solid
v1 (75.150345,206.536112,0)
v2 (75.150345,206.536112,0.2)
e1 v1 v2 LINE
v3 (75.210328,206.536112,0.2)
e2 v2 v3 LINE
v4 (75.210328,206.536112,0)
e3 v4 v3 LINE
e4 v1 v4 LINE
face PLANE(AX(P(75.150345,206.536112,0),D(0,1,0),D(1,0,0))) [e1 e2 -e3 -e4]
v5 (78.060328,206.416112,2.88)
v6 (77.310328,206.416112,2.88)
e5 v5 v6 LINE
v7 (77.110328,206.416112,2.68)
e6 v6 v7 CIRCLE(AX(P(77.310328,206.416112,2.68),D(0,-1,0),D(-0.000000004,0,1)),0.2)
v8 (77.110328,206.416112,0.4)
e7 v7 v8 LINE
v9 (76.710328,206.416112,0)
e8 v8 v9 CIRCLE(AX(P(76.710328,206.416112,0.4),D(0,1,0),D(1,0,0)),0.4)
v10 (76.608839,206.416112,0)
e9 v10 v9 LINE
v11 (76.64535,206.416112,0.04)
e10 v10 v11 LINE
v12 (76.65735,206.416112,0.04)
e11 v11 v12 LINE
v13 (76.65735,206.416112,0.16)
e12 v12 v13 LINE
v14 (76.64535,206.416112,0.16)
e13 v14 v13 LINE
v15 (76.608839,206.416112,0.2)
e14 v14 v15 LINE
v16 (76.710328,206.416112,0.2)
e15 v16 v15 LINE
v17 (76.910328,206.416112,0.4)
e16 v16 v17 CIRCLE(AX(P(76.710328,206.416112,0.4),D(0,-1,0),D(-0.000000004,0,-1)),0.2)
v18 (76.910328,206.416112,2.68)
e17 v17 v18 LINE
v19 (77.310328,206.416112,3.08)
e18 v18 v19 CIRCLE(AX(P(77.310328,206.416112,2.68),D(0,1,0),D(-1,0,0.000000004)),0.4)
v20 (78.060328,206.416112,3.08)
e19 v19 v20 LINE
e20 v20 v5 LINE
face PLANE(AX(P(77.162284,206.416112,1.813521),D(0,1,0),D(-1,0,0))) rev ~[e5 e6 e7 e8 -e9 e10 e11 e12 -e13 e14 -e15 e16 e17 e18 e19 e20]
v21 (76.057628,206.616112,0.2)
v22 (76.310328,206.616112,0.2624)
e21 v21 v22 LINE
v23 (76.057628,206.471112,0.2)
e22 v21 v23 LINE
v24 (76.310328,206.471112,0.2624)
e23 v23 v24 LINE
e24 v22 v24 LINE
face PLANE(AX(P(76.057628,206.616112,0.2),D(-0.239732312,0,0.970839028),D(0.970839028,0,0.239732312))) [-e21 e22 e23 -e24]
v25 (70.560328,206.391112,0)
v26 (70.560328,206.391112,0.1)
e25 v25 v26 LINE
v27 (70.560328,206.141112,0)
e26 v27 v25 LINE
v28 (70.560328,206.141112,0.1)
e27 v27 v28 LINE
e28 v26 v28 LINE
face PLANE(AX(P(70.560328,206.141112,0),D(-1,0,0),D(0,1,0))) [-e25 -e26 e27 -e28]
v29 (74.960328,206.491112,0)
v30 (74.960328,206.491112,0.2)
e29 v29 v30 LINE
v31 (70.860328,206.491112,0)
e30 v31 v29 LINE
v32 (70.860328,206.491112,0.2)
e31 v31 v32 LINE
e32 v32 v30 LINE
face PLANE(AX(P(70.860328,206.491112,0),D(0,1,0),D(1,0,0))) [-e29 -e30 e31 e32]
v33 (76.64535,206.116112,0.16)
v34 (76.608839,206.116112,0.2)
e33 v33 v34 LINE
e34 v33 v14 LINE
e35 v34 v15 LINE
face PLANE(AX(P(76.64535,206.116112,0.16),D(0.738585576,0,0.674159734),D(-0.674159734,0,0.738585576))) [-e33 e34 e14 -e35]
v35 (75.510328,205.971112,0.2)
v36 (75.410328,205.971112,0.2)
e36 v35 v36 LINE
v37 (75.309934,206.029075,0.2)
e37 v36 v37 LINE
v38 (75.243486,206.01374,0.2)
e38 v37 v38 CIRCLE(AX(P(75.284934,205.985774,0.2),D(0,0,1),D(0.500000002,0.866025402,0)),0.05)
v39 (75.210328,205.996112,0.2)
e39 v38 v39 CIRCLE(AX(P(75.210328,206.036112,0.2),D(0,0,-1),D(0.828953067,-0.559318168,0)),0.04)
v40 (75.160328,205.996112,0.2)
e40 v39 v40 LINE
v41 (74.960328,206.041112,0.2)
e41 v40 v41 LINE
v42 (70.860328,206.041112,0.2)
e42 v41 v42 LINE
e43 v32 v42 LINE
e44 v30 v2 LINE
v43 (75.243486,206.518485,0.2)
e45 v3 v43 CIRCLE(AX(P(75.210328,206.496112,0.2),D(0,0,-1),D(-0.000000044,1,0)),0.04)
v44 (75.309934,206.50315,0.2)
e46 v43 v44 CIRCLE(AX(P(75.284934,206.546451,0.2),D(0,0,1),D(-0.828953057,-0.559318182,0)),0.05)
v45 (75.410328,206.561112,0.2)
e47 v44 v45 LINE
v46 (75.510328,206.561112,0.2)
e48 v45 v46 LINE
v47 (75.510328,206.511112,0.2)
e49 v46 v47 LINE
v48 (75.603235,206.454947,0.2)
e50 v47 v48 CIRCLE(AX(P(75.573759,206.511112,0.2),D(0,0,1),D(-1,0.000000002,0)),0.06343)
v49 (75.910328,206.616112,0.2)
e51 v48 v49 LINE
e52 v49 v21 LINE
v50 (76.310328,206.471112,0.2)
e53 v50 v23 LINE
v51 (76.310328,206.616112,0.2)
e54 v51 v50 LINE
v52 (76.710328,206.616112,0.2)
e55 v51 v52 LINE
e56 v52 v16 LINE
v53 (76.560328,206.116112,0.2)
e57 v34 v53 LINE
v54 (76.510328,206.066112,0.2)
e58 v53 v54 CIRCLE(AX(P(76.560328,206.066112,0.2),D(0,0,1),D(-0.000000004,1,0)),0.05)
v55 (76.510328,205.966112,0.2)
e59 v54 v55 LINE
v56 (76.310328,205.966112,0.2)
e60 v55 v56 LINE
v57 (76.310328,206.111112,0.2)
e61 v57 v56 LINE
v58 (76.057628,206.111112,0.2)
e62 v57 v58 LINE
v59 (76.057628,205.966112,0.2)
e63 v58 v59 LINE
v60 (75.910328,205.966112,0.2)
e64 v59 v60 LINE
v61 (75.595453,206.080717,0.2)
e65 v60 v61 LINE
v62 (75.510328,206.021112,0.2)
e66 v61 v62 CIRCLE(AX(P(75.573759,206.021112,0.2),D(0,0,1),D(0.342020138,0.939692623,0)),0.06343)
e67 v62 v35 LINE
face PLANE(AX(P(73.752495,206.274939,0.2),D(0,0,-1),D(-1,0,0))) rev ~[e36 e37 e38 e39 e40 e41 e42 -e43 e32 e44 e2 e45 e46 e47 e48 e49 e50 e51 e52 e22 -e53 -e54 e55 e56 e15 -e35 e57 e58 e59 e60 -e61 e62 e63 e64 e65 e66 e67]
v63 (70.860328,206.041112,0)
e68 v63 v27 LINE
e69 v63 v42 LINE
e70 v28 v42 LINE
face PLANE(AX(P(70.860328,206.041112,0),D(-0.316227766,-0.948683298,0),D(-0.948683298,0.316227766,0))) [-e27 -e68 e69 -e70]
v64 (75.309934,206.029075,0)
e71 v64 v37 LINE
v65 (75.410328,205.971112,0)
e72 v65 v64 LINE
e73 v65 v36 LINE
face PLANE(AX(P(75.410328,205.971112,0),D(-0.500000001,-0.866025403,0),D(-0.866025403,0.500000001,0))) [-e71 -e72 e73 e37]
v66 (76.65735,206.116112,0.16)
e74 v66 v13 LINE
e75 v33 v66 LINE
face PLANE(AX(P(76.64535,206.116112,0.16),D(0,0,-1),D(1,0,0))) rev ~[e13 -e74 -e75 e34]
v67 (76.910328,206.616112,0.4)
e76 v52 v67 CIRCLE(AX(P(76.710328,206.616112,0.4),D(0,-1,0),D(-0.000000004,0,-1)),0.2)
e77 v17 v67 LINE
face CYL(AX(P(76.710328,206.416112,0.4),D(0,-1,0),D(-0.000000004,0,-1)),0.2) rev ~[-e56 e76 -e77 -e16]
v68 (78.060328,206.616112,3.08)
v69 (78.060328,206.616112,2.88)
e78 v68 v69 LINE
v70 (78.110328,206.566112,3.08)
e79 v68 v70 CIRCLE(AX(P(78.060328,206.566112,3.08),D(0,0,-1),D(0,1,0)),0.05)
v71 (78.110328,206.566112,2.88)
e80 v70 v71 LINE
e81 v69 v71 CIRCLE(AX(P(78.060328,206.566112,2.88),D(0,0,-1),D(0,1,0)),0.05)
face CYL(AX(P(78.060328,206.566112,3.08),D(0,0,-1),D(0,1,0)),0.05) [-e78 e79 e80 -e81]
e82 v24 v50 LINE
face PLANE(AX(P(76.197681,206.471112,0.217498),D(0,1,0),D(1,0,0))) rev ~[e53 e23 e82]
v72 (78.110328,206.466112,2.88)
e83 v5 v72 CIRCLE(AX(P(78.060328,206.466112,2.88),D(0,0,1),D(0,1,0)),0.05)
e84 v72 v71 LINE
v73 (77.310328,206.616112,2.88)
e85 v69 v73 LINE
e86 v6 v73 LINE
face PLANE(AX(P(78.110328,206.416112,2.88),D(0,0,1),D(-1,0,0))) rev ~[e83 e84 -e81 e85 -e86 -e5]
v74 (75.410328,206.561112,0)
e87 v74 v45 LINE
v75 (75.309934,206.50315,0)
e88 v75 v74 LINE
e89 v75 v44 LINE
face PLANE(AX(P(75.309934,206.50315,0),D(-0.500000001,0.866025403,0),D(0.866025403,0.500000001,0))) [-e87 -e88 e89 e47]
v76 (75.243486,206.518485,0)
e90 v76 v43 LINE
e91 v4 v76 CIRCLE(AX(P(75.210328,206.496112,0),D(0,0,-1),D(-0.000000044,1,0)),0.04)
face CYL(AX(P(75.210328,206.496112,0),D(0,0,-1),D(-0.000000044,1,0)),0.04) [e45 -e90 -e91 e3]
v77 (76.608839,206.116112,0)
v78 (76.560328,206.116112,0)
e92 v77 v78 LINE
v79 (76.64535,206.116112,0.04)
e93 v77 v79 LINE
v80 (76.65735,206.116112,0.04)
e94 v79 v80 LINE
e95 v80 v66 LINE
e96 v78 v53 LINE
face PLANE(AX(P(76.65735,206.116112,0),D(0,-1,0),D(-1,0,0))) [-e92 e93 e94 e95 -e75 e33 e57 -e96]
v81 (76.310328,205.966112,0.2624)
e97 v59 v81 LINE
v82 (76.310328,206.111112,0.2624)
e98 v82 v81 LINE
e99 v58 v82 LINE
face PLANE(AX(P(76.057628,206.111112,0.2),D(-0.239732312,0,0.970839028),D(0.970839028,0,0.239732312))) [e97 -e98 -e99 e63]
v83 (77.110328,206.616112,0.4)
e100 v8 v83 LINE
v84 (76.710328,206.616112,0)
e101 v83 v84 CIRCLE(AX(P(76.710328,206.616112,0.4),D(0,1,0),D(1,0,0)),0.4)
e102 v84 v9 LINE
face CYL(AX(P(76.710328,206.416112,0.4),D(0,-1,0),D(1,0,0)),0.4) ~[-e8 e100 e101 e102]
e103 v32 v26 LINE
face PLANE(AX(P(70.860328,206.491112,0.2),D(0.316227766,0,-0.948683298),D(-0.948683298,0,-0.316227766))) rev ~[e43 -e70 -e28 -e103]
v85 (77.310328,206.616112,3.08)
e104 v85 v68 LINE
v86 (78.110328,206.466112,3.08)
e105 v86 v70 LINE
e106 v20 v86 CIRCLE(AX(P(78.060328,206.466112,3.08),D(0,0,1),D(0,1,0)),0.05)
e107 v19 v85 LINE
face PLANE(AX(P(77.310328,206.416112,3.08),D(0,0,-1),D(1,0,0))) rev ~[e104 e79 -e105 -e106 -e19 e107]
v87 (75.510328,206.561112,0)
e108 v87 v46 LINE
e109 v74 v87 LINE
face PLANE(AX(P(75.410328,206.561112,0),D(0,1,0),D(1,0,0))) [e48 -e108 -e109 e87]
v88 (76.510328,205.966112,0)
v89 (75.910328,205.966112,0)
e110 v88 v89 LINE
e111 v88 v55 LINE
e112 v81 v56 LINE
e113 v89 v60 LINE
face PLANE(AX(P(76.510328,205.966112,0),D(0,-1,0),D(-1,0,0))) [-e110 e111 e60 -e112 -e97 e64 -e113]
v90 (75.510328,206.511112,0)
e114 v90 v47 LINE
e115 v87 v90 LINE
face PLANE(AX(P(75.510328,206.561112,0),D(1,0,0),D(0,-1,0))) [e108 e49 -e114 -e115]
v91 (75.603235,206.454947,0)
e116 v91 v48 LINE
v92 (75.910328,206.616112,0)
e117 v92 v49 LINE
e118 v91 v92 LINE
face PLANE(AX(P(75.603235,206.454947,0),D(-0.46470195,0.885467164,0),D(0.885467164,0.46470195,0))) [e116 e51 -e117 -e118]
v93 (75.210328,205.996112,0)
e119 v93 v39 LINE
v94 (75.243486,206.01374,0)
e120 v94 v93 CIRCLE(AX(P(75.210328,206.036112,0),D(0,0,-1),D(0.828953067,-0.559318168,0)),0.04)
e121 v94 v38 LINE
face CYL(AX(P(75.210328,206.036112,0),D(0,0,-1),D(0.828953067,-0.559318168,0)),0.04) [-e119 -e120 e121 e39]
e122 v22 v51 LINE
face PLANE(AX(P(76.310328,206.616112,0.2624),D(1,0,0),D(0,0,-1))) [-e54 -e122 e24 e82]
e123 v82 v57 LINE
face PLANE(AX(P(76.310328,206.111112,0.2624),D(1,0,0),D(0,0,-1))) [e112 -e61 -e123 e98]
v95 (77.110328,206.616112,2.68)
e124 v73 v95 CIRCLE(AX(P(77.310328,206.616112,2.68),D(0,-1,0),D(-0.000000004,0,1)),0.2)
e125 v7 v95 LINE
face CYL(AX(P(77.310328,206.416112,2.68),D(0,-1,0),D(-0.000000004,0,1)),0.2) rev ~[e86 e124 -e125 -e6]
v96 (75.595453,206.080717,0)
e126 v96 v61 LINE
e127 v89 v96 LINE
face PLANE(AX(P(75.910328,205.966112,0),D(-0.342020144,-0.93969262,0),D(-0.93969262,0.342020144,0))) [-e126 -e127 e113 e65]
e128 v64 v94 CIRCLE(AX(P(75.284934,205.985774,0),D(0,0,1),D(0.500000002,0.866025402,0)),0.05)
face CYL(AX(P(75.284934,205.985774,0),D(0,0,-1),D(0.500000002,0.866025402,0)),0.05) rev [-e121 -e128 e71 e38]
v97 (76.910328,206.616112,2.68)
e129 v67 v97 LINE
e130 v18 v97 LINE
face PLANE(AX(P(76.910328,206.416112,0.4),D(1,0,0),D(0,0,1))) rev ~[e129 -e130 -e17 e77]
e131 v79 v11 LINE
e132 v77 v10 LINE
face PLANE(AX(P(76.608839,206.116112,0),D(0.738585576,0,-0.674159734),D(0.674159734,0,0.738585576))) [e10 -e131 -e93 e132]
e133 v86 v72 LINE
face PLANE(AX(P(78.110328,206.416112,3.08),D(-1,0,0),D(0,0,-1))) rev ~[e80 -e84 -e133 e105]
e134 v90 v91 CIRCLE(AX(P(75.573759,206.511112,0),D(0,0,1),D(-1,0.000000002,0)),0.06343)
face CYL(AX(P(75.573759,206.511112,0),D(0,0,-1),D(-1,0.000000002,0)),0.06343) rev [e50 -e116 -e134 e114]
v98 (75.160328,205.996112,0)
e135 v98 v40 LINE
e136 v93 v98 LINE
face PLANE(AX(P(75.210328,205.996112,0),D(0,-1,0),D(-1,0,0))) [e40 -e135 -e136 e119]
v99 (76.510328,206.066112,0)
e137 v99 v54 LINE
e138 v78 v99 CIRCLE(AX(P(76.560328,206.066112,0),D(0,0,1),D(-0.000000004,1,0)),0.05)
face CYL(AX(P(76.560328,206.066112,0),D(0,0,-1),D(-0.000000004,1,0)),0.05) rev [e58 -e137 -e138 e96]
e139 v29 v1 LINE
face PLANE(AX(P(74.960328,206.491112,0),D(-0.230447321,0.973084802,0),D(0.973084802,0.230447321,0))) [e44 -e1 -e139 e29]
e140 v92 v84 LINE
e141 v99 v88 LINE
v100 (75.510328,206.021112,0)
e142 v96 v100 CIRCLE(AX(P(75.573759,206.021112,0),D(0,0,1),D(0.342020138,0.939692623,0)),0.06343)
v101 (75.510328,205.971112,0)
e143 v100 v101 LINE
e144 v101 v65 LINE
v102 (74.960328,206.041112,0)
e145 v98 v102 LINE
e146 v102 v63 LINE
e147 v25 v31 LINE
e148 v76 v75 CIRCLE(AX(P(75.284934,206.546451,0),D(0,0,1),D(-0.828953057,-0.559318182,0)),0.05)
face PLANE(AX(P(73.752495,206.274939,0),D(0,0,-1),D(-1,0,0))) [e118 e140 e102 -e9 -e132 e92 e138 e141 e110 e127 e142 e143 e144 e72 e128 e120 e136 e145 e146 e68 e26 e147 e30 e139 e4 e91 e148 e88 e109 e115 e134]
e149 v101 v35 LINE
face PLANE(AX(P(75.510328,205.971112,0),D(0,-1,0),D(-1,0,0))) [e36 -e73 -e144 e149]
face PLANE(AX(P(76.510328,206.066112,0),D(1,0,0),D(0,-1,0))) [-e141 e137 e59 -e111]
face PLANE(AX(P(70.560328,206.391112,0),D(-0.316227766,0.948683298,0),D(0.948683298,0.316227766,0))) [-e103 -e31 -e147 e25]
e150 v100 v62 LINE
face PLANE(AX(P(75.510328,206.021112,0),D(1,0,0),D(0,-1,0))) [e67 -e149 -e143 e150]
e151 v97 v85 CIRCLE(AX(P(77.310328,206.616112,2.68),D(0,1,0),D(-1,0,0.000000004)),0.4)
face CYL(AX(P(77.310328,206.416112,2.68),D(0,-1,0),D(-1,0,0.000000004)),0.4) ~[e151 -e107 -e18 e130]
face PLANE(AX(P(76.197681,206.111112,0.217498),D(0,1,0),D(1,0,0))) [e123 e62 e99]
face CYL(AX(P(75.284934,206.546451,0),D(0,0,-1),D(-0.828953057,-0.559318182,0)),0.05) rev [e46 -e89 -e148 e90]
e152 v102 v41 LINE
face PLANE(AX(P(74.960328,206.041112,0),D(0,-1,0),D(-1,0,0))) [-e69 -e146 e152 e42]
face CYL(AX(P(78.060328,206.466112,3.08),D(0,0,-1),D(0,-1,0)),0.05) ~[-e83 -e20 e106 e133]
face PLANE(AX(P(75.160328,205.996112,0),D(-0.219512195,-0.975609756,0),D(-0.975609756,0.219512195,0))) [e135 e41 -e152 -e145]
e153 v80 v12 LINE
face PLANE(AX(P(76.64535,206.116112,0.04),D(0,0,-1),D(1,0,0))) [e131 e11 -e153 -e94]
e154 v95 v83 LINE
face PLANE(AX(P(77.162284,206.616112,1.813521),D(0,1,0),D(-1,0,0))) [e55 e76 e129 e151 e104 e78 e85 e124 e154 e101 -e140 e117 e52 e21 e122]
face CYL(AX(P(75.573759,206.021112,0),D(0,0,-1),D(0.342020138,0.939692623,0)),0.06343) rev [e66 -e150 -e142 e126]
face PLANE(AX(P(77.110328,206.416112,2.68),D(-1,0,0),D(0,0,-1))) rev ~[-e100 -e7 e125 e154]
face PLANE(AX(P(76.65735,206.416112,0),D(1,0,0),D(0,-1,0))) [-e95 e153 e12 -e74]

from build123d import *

# Parameters (mm, degrees)
RESSALTO_EXTRUS_O1_DEPTH = 0.2
RESSALTO_EXTRUS_O2_DEPTH = 0.2
CORTE_EXTRUS_O1_DEPTH    = 1
FILETE1_R                = 0.05
RESSALTO_EXTRUS_O3_DEPTH = 0.145
PADR_O_LINEAR1_COUNT     = 2
PADR_O_LINEAR1_PITCH     = 0.505
CORTE_EXTRUS_O2_DEPTH    = 0.3


with BuildPart() as part:
    # Esboço1 → Ressalto-extrusão1 (new body)
    with BuildSketch(Plane.XY):
        with BuildLine():
            Line((76.710328142, 206.616112347), (76.710328142, 206.416112347))
            Line((76.710328142, 206.416112347), (76.657349848, 206.416112347))
            Line((76.657349848, 206.416112347), (76.657349848, 206.116112347))
            Line((76.657349848, 206.116112347), (76.645328142, 206.116112347))
            Line((76.645328142, 206.116112347), (76.610328142, 206.116112347))
            Line((76.610328142, 206.116112347), (76.560328142, 206.116112347))
            ThreePointArc((76.560328142, 206.116112347), (76.524972803, 206.101467686), (76.510328142, 206.066112347))
            Line((76.510328142, 206.066112347), (76.510328142, 205.966112347))
            Line((76.510328142, 205.966112347), (76.110328142, 205.966112347))
            Line((76.110328142, 205.966112347), (76.081970009, 205.966112347))
            Line((76.081970009, 205.966112347), (75.910328142, 205.966112347))
            Line((75.910328142, 205.966112347), (75.595453106, 206.080717488))
            ThreePointArc((75.595453106, 206.080717488), (75.537376388, 206.073071543), (75.510328142, 206.021112347))
            Line((75.510328142, 206.021112347), (75.510328142, 205.971112347))
            Line((75.510328142, 205.971112347), (75.410328142, 205.971112347))
            Line((75.410328142, 205.971112347), (75.309933917, 206.02907498))
            ThreePointArc((75.309933917, 206.02907498), (75.273690046, 206.034493063), (75.243486264, 206.013739619))
            ThreePointArc((75.243486264, 206.013739619), (75.229104336, 206.000793024), (75.210328142, 205.996112347))
            Line((75.210328142, 205.996112347), (75.160328142, 205.996112347))
            Line((75.160328142, 205.996112347), (74.960328142, 206.041112347))
            Line((74.960328142, 206.041112347), (70.860328142, 206.041112347))
            Line((70.860328142, 206.041112347), (70.560328142, 206.141112347))
            Line((70.560328142, 206.141112347), (70.560328142, 206.391112347))
            Line((70.560328142, 206.391112347), (70.860328142, 206.491112347))
            Line((70.860328142, 206.491112347), (74.960328142, 206.491112347))
            Line((74.960328142, 206.491112347), (75.150344741, 206.536112347))
            Line((75.150344741, 206.536112347), (75.210328142, 206.536112347))
            ThreePointArc((75.210328142, 206.536112347), (75.229104336, 206.53143167), (75.243486264, 206.518485075))
            ThreePointArc((75.243486264, 206.518485075), (75.273690046, 206.497731631), (75.309933917, 206.503149714))
            Line((75.309933917, 206.503149714), (75.410328142, 206.561112347))
            Line((75.410328142, 206.561112347), (75.510328142, 206.561112347))
            Line((75.510328142, 206.561112347), (75.510328142, 206.511112347))
            ThreePointArc((75.510328142, 206.511112347), (75.540942979, 206.456830135), (75.60323487, 206.454946752))
            Line((75.60323487, 206.454946752), (75.910328142, 206.616112347))
            Line((75.910328142, 206.616112347), (76.081970009, 206.616112347))
            Line((76.081970009, 206.616112347), (76.110328142, 206.616112347))
            Line((76.110328142, 206.616112347), (76.710328142, 206.616112347))
        make_face()
    extrude(amount=RESSALTO_EXTRUS_O1_DEPTH)

    # Esboço2 → Ressalto-extrusão2 (add)
    with BuildSketch(Plane.XZ.offset(-206.416112347)):
        with BuildLine():
            Line((76.710328142, 0), (76.710328142, 0.2))
            ThreePointArc((76.710328142, 0.2), (76.851749499, 0.258578644), (76.910328142, 0.4))
            Line((76.910328142, 0.4), (76.910328142, 2.68))
            ThreePointArc((76.910328142, 2.68), (77.02748543, 2.962842712), (77.310328142, 3.08))
            Line((77.310328142, 3.08), (78.110328142, 3.08))
            Line((78.110328142, 3.08), (78.110328142, 2.88))
            Line((78.110328142, 2.88), (77.310328142, 2.88))
            ThreePointArc((77.310328142, 2.88), (77.168906786, 2.821421356), (77.110328142, 2.68))
            Line((77.110328142, 2.68), (77.110328142, 0.4))
            ThreePointArc((77.110328142, 0.4), (76.993170855, 0.117157288), (76.710328142, 0))
        make_face()
    extrude(amount=-RESSALTO_EXTRUS_O2_DEPTH)

    # Esboço3 → Corte-extrusão1 (cut)
    with BuildSketch(Plane(origin=(0, 206.491112347, 0), x_dir=(1, 0, 0), z_dir=(0, 1, 0))):
        Polygon((70.560328142, -0.1), (70.475949981, -0.1), (70.475949981, -0.288700335), (70.860328142, -0.288700335), (70.860328142, -0.2), align=None)
    extrude(amount=-CORTE_EXTRUS_O1_DEPTH, mode=Mode.SUBTRACT)

    # Filete1
    filete1_edges = [part.edges().sort_by_distance(p)[0] for p in [
        (78.110328142, 206.616112347, 2.98),
        (78.110328142, 206.416112347, 2.98),
    ]]
    fillet(filete1_edges, radius=FILETE1_R)

    # Esboço4 → Ressalto-extrusão3 (add)
    with BuildSketch(Plane(origin=(0, 206.616112347, 0), x_dir=(1, 0, 0), z_dir=(0, 1, 0))):
        Polygon((76.057628142, -0.2), (76.310328142, -0.2624), (76.310328142, -0.2), align=None)
    ressalto_extrus_o3 = extrude(amount=-RESSALTO_EXTRUS_O3_DEPTH)

    # Padrão linear1: Ressalto-extrusão3 ×2
    with Locations(*[(0, -i * PADR_O_LINEAR1_PITCH, 0) for i in range(1, PADR_O_LINEAR1_COUNT)]):
        add(ressalto_extrus_o3)

    # Esboço5 → Corte-extrusão2 (cut)
    with BuildSketch(Plane.XZ.offset(-206.116112347)):
        Polygon((76.657349848, 0.16), (76.645349848, 0.16), (76.608838995, 0.2), (76.608838995, 0.232444762), (76.679680574, 0.232444762), (76.679680574, 0.16), align=None)
        Polygon((76.608838995, 0), (76.645349848, 0.04), (76.679680574, 0.04), (76.679680574, -0.014078239), (76.608838995, -0.014078239), align=None)
    extrude(amount=-CORTE_EXTRUS_O2_DEPTH, mode=Mode.SUBTRACT)


solid = part.part
